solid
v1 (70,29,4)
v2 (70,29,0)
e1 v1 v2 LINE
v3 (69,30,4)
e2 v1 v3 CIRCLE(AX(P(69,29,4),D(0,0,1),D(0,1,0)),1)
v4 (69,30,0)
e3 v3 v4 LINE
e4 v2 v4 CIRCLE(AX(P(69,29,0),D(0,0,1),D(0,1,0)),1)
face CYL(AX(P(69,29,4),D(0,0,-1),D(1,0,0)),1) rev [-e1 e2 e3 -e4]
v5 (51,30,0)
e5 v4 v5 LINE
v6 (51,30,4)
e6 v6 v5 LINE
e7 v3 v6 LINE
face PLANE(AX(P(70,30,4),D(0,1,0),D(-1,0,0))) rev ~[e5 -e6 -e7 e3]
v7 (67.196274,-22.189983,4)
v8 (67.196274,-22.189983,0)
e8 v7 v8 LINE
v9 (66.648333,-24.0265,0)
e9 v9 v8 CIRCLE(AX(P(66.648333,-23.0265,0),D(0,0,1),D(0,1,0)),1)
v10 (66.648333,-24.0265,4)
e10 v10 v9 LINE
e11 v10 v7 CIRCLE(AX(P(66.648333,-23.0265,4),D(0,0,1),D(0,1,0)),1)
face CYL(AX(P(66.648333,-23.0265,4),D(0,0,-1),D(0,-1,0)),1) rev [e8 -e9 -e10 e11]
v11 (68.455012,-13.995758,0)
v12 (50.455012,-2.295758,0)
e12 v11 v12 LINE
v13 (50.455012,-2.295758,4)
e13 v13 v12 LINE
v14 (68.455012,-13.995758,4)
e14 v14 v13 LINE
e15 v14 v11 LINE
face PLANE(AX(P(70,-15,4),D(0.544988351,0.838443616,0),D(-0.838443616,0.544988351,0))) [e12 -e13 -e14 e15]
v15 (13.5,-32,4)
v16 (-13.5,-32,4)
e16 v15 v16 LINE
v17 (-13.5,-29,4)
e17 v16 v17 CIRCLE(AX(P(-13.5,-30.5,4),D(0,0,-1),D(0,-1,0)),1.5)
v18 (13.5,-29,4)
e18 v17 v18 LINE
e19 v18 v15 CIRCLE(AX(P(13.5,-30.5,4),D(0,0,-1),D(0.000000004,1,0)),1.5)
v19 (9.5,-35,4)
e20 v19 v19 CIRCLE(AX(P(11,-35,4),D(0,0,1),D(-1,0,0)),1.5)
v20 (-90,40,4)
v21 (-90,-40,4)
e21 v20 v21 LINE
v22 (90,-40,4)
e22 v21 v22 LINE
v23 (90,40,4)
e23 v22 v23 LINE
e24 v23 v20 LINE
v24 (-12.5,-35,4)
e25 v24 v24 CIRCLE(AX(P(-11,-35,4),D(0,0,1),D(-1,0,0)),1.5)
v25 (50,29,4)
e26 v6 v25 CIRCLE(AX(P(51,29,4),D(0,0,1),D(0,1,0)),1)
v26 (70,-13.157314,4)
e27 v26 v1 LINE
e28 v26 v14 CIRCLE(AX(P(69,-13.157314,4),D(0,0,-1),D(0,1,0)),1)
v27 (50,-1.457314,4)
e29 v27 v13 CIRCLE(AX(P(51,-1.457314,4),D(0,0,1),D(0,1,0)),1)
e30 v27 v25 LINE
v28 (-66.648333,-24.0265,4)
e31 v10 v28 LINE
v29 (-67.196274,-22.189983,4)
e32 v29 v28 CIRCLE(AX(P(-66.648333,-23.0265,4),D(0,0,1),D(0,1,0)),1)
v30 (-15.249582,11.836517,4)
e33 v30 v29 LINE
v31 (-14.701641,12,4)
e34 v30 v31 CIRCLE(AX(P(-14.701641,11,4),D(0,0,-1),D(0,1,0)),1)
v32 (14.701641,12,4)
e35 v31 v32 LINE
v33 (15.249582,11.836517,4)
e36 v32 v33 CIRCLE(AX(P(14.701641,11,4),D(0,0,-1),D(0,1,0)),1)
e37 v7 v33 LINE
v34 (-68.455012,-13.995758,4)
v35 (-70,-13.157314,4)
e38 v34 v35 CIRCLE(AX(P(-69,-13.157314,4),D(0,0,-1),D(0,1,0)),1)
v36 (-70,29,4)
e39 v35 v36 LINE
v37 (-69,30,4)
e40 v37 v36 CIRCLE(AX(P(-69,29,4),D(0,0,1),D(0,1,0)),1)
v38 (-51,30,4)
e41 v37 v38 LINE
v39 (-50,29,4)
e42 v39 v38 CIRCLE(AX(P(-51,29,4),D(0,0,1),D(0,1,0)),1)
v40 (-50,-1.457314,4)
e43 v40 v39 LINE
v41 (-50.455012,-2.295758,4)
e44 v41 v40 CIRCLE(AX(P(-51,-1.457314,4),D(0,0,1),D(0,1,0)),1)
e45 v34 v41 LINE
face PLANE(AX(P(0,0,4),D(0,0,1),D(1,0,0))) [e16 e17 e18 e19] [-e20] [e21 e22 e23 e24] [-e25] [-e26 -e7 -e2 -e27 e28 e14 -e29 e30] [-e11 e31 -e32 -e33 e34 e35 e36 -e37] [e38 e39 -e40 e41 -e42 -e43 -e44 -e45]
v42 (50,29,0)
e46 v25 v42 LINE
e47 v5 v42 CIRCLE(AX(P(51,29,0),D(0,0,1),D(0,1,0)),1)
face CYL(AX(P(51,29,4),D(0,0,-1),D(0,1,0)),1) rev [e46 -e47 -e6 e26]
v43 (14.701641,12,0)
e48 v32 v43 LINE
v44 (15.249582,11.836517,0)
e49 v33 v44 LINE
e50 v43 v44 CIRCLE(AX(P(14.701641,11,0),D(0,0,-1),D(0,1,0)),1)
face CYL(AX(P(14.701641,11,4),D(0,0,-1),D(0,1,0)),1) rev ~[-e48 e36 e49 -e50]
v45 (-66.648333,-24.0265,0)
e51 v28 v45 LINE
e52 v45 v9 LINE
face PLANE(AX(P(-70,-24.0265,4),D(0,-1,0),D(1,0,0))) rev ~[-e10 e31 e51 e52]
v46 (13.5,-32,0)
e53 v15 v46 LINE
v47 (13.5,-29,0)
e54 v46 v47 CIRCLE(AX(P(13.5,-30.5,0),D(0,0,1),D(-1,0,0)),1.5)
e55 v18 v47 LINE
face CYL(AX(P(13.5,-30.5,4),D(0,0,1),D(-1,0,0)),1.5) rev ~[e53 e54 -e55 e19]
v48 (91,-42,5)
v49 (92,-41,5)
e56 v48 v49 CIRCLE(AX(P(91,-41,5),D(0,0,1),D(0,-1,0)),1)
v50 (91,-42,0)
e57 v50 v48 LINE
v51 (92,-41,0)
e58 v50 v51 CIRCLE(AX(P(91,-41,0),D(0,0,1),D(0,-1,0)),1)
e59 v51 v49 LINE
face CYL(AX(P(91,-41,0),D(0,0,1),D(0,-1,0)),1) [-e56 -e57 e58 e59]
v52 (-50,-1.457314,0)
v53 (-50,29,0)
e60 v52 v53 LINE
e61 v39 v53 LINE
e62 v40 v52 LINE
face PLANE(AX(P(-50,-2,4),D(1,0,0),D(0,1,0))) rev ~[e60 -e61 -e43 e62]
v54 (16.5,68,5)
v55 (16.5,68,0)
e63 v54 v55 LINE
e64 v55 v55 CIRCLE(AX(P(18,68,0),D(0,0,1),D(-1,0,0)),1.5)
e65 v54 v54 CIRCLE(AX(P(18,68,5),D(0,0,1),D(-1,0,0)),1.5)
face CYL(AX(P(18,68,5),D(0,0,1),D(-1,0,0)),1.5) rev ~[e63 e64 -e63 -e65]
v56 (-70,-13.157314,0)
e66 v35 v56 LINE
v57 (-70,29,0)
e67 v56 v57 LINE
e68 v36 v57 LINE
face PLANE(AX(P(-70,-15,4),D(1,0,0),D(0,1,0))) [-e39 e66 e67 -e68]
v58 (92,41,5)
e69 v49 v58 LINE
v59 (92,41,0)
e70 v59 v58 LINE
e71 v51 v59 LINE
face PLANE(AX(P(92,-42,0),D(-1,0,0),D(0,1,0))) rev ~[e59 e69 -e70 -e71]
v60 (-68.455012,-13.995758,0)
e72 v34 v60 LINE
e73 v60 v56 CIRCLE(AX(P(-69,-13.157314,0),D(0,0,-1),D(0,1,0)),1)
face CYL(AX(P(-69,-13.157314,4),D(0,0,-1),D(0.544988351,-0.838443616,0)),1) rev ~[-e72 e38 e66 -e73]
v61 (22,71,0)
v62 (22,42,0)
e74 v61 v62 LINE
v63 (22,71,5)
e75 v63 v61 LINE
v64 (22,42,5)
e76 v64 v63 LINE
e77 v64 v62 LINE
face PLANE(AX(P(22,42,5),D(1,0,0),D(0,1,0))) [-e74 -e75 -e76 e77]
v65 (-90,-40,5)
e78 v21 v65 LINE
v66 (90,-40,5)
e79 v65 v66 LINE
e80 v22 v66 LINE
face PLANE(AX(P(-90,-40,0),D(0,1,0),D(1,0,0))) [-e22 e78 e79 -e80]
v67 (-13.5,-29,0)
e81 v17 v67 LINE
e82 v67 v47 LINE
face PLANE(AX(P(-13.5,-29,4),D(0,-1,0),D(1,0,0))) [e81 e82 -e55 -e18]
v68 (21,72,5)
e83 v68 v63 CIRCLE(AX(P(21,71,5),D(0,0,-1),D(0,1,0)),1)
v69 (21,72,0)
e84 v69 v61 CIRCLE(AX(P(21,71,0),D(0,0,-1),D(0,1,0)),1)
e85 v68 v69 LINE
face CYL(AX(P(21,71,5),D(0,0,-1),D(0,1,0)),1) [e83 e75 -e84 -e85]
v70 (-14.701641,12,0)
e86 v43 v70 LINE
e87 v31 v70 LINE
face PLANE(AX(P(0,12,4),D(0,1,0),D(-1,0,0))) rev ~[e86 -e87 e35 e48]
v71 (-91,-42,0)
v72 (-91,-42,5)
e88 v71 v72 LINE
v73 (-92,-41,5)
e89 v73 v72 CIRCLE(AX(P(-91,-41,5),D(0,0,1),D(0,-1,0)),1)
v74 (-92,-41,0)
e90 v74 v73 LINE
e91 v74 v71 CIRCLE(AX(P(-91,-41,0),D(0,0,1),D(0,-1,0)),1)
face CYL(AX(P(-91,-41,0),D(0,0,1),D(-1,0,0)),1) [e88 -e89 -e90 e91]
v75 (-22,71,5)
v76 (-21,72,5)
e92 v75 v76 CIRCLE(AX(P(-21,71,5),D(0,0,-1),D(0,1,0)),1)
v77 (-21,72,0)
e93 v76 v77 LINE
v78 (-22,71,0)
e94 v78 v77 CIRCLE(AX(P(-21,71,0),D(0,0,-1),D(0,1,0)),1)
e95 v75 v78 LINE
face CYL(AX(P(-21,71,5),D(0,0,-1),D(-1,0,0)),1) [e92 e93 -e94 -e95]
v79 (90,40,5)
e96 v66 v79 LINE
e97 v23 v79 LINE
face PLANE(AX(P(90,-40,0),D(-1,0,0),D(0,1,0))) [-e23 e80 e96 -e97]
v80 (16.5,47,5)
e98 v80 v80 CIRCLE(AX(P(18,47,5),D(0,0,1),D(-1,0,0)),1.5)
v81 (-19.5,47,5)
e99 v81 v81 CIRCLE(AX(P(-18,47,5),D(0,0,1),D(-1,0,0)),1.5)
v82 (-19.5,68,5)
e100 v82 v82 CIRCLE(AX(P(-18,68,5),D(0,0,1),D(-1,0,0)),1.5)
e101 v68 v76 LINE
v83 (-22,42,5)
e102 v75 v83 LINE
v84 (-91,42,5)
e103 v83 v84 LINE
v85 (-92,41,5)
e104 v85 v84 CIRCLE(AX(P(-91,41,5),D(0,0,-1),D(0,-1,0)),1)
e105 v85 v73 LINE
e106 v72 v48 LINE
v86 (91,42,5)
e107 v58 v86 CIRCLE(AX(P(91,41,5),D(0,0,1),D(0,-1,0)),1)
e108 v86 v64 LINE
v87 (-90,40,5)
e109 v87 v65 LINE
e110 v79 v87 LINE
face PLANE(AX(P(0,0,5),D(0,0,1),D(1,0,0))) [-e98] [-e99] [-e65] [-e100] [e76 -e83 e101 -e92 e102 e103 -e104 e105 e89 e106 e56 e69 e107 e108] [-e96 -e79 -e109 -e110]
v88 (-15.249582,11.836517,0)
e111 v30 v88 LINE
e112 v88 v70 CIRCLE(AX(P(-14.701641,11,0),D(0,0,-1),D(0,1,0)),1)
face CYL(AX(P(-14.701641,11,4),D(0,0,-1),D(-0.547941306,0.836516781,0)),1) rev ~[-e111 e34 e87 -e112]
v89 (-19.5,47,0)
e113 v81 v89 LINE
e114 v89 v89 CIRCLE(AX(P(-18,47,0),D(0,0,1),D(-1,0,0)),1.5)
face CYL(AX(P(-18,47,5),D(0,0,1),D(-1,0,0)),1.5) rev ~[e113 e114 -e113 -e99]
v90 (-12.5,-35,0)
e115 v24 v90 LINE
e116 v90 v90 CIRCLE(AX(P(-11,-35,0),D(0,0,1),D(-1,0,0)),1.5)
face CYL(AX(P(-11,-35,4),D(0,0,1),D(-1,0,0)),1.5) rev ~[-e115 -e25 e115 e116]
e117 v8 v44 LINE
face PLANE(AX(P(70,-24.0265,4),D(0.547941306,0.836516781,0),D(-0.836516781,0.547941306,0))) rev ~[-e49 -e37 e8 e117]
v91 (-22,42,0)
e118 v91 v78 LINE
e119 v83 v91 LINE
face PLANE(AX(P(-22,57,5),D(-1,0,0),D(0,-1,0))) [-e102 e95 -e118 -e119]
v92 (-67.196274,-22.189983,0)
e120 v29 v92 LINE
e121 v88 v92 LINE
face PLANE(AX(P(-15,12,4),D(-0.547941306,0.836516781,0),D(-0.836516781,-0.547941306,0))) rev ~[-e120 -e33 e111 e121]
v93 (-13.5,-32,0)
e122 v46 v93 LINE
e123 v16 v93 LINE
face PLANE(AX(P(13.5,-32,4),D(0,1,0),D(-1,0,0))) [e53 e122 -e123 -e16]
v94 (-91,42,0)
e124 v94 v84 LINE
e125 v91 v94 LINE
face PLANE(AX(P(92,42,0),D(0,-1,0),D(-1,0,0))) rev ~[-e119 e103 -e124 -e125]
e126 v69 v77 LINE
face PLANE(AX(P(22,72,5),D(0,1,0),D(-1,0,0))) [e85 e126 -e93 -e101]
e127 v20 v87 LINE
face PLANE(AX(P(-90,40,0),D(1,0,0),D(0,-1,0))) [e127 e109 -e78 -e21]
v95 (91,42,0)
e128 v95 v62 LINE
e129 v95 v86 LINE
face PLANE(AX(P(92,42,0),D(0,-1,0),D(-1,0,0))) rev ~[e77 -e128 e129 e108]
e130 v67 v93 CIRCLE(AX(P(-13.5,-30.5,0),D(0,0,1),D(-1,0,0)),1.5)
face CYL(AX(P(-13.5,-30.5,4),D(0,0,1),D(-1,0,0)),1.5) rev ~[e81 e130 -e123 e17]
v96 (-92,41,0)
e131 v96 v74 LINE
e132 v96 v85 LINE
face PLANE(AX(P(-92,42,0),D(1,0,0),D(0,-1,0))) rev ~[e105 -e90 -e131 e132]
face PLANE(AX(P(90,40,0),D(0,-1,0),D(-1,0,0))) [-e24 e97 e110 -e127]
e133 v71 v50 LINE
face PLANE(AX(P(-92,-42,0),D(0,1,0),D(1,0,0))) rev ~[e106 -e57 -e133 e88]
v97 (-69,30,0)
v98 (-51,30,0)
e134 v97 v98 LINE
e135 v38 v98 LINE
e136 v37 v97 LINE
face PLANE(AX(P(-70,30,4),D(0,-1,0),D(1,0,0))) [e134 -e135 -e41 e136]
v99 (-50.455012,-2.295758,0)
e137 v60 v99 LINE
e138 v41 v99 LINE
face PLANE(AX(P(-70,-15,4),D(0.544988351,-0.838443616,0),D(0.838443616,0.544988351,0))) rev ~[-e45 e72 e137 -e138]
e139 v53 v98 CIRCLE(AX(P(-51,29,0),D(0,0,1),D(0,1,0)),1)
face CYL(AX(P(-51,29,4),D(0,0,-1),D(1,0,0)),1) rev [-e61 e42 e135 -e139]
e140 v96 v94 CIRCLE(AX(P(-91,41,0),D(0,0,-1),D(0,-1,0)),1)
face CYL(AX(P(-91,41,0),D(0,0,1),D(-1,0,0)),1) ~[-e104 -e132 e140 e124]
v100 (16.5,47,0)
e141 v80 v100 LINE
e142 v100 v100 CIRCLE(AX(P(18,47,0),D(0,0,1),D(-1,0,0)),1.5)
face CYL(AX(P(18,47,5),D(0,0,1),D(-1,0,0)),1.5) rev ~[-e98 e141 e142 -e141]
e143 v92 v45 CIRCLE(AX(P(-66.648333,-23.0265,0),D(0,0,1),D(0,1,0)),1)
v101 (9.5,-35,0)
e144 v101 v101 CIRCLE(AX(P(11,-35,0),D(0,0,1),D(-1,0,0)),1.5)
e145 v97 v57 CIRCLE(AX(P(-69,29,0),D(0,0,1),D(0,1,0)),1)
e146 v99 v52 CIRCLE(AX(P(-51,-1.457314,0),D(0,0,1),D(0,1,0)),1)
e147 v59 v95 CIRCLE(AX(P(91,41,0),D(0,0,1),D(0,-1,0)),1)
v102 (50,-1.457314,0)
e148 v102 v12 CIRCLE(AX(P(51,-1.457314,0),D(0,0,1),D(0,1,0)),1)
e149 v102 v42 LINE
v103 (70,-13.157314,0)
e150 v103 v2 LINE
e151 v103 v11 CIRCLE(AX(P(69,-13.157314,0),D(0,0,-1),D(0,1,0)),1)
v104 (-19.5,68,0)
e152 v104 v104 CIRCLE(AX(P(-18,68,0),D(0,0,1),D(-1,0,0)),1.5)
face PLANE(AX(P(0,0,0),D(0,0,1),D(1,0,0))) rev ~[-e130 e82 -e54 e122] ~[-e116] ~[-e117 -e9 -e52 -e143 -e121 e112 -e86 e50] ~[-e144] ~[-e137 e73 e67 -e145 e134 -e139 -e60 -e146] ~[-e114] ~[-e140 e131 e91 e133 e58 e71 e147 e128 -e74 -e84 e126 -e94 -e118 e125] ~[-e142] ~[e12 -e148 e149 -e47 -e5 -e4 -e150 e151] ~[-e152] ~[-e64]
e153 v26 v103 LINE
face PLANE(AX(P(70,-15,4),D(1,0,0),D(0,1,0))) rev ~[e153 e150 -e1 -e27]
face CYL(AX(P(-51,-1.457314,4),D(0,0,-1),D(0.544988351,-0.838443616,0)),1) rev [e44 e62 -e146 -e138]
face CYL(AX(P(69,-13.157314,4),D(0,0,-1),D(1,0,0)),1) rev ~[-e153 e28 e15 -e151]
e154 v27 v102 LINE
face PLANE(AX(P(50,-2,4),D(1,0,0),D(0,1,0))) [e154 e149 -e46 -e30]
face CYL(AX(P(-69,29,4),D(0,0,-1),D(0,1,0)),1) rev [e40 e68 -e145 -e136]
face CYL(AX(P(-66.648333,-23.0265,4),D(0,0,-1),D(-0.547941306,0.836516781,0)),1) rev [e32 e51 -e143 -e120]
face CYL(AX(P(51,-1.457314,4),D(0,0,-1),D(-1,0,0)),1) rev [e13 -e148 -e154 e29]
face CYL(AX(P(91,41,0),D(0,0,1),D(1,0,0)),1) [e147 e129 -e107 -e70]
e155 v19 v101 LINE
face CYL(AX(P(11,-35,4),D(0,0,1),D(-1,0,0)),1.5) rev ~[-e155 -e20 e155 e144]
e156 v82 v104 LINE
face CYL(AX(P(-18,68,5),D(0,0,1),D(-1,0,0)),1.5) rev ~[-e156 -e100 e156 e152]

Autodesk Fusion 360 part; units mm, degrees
sketch "Sketch3" plane through (0, 0, 0) normal (0, 0, 1) x (1, 0, 0)
  line L0 (90, 40) -> (-90, 40)
  line L1 (-90, 40) -> (-90, -40)
  line L2 (-90, -40) -> (90, -40)
  line L3 (90, -40) -> (90, 40)
  line L4 (90, 40) -> (-90, -40) construction
  line L5 (-90, 40) -> (90, -40) construction
  line L6 (-92, -42) -> (92, -42)
  line L7 (92, -42) -> (92, 42)
  line L8 (92, 42) -> (-92, 42)
  line L9 (-92, 42) -> (-92, -42)
  dimension "d6" = 180
  dimension "d7" = 80
  dimension "d8" = 2
extrude "Extrude2" add sketch "Sketch3" along normal blind 5
extrude "Extrude3" add sketch "Sketch3" along normal blind 4 contours L0 L1 L2 L3
sketch "Sketch6" plane through (0, 0, 5) normal (0, 0, 1) x (-1, 0, 0)
  line L0 (-90, -40) -> (-90, 40)
  line L1 (-90, 40) -> (90, 40)
  line L2 (90, 40) -> (90, -40)
  line L3 (90, -40) -> (-90, -40)
  line L4 (92, -42) -> (92, 42)
  line L5 (92, 42) -> (-92, 42)
  line L6 (-92, 42) -> (-92, -42)
  line L7 (-92, -42) -> (92, -42)
  line L8 (-22, -27) -> (-22, -57)
  line L9 (22, -57) -> (22, -27)
  line L10 (22, -42) -> (-22, -42)
  line L11 (-22, -42) -> (-22, -72)
  line L12 (-22, -72) -> (22, -72)
  line L13 (22, -72) -> (22, -42)
  line L14 (22, -42) -> (-22, -72) construction
  line L15 (-22, -42) -> (22, -72) construction
  point P0 (0, -42)
  point P1 (0, -57)
  dimension "d20" = 44
  dimension "d21" = 30
  dimension "d22" = 44
  dimension "d23" = 30
extrude "Extrude4" add sketch "Sketch6" against normal blind 5 contours L7 L8 L9 L10 L11 L12 L13
sketch "Sketch7" plane through (0, 0, 5) normal (0, 0, 1) x (-1, 0, 0)
  line L0 (-90, -40) -> (-90, 40)
  line L1 (-90, 40) -> (90, 40)
  line L2 (90, 40) -> (90, -40)
  line L3 (90, -40) -> (-90, -40)
  line L4 (92, -42) -> (92, 42)
  line L5 (92, 42) -> (-92, 42)
  line L6 (-92, 42) -> (-92, -42)
  line L7 (-92, -42) -> (-22, -42)
  line L8 (-22, -42) -> (-22, -72)
  line L9 (-22, -72) -> (22, -72)
  line L10 (22, -72) -> (22, -42)
  line L11 (22, -42) -> (92, -42)
  circle A0 centre (-18, -68) radius 1.5
  circle A1 centre (18, -68) radius 1.5
  circle A2 centre (-18, -47) radius 1.5
  circle A3 centre (18, -47) radius 1.5
  dimension "d26" = 3
  dimension "d27" = 4
  dimension "d28" = 4
  dimension "d29" = 3
  dimension "d30" = 3
  dimension "d31" = 3
  dimension "d32" = 4
  dimension "d33" = 4
  dimension "d34" = 4
  dimension "d35" = 7
  dimension "d36" = 4
  dimension "d37" = 7
extrude "Extrude5" cut sketch "Sketch7" against normal blind 6 contours A2
extrude "Extrude6" cut sketch "Sketch7" against normal blind 6 contours A0
extrude "Extrude7" cut sketch "Sketch7" against normal blind 23 contours A3
extrude "Extrude8" cut sketch "Sketch7" against normal blind 15 contours A1
sketch "Sketch8" plane through (0, 0, 4) normal (0, 0, 1) x (-1, 0, 0)
  line L0 (-90, 40) -> (-90, -40)
  line L1 (-90, -40) -> (90, -40)
  line L2 (90, -40) -> (90, 40)
  line L3 (90, 40) -> (-90, 40)
  line L4 (15, 29) -> (-15, 29)
  line L5 (-15, 29) -> (-15, 32)
  line L6 (-15, 32) -> (15, 32)
  line L7 (15, 32) -> (15, 29)
  line L8 (15, 29) -> (-15, 32) construction
  line L9 (-15, 29) -> (15, 32) construction
  circle A0 centre (-13.5, 30.5) radius 1.5
  circle A1 centre (13.5, 30.5) radius 1.5
  circle A2 centre (-11, 35) radius 1
  circle A3 centre (11, 35) radius 1
  point P0 (0, 30.5)
  dimension "d46" = 30
  dimension "d47" = 3
  dimension "d48" = 8
  dimension "d49" = 5
  dimension "d50" = 5
  dimension "d51" = 4
  dimension "d52" = 4
extrude "Extrude9" cut sketch "Sketch8" against normal blind 12 contours L4 L6 A0 A1 | A1 | A0
extrude "Extrude10" cut sketch "Sketch8" against normal blind 25 contours A2 | A3
sketch "Sketch9" plane through (0, 0, 4) normal (0, 0, 1) x (-1, 0, 0)
  circle A0 centre (-11, 35) radius 1
  circle A1 centre (11, 35) radius 1
  line L0 (13.5, 29) -> (-13.5, 29)
  arc A2 (-13.5, 32) -> (-13.5, 29) centre (-13.5, 30.5) ccw
  line L1 (-13.5, 32) -> (13.5, 32)
  arc A3 (13.5, 29) -> (13.5, 32) centre (13.5, 30.5) ccw
  line L2 (-90, 40) -> (-90, -40)
  line L3 (-90, -40) -> (90, -40)
  line L4 (90, -40) -> (90, 40)
  line L5 (90, 40) -> (-90, 40)
  line L6 (70, 24.0265) -> (-70, 24.0265)
  line L7 (0, 24.0265) -> (0, -12)
  line L8 (-70, 24.0265) -> (-15, -12)
  line L9 (15, -12) -> (70, 24.0265)
  line L10 (-15, -12) -> (15, -12)
  line L11 (70, 15) -> (70, -30)
  line L12 (70, -30) -> (50, -30)
  line L13 (70, 15) -> (50, 2)
  line L14 (50, 2) -> (50, -30)
  line L15 (-70, 15) -> (-50, 2)
  line L16 (-70, 15) -> (-70, -30)
  line L17 (-50, 2) -> (-50, -30)
  line L18 (-70, -30) -> (-50, -30)
  point P0 (0, -12)
  dimension "d62" = 28
extrude "Extrude11" cut sketch "Sketch9" against normal blind 25 contours L6 L7 L9 L10 | L6 L7 L8 L10
fillet "Fillet1" radius 1 1 edges at (-70, -24.0265, 2)
fillet "Fillet2" radius 1 3 edges at (70, -24.0265, 2) (15, 12, 2) (-15, 12, 2)
extrude "Extrude12" cut sketch "Sketch9" against normal blind 15 contours L11 L12 L13 L14 | L15 L16 L17 L18
fillet "Fillet3" radius 1 4 edges at (70, -15, 2) (50, -2, 2) (50, 30, 2) (70, 30, 2)
fillet "Fillet4" radius 1 4 edges at (-50, -2, 2) (-70, -15, 2) (-70, 30, 2) (-50, 30, 2)
fillet "Fillet5" radius 1 6 edges at (-22, 72, 2.5) (22, 72, 2.5) (-92, 42, 2.5) (-92, -42, 2.5) (92, 42, 2.5) (92, -42, 2.5)
sketch "Sketch11" plane through (0, 0, 4) normal (0, 0, 1) x (-1, 0, 0)
sketch "Sketch12" plane through (0, 0, 4) normal (0, 0, 1) x (-1, 0, 0)
sketch "Sketch13" plane through (0, 0, 4) normal (0, 0, 1) x (-1, 0, 0)
  circle A0 centre (-11, 35) radius 1.5
  circle A1 centre (11, 35) radius 1.5
  dimension "d79" = 3
  dimension "d80" = 3
extrude "Extrude13" cut sketch "Sketch13" against normal blind 100
